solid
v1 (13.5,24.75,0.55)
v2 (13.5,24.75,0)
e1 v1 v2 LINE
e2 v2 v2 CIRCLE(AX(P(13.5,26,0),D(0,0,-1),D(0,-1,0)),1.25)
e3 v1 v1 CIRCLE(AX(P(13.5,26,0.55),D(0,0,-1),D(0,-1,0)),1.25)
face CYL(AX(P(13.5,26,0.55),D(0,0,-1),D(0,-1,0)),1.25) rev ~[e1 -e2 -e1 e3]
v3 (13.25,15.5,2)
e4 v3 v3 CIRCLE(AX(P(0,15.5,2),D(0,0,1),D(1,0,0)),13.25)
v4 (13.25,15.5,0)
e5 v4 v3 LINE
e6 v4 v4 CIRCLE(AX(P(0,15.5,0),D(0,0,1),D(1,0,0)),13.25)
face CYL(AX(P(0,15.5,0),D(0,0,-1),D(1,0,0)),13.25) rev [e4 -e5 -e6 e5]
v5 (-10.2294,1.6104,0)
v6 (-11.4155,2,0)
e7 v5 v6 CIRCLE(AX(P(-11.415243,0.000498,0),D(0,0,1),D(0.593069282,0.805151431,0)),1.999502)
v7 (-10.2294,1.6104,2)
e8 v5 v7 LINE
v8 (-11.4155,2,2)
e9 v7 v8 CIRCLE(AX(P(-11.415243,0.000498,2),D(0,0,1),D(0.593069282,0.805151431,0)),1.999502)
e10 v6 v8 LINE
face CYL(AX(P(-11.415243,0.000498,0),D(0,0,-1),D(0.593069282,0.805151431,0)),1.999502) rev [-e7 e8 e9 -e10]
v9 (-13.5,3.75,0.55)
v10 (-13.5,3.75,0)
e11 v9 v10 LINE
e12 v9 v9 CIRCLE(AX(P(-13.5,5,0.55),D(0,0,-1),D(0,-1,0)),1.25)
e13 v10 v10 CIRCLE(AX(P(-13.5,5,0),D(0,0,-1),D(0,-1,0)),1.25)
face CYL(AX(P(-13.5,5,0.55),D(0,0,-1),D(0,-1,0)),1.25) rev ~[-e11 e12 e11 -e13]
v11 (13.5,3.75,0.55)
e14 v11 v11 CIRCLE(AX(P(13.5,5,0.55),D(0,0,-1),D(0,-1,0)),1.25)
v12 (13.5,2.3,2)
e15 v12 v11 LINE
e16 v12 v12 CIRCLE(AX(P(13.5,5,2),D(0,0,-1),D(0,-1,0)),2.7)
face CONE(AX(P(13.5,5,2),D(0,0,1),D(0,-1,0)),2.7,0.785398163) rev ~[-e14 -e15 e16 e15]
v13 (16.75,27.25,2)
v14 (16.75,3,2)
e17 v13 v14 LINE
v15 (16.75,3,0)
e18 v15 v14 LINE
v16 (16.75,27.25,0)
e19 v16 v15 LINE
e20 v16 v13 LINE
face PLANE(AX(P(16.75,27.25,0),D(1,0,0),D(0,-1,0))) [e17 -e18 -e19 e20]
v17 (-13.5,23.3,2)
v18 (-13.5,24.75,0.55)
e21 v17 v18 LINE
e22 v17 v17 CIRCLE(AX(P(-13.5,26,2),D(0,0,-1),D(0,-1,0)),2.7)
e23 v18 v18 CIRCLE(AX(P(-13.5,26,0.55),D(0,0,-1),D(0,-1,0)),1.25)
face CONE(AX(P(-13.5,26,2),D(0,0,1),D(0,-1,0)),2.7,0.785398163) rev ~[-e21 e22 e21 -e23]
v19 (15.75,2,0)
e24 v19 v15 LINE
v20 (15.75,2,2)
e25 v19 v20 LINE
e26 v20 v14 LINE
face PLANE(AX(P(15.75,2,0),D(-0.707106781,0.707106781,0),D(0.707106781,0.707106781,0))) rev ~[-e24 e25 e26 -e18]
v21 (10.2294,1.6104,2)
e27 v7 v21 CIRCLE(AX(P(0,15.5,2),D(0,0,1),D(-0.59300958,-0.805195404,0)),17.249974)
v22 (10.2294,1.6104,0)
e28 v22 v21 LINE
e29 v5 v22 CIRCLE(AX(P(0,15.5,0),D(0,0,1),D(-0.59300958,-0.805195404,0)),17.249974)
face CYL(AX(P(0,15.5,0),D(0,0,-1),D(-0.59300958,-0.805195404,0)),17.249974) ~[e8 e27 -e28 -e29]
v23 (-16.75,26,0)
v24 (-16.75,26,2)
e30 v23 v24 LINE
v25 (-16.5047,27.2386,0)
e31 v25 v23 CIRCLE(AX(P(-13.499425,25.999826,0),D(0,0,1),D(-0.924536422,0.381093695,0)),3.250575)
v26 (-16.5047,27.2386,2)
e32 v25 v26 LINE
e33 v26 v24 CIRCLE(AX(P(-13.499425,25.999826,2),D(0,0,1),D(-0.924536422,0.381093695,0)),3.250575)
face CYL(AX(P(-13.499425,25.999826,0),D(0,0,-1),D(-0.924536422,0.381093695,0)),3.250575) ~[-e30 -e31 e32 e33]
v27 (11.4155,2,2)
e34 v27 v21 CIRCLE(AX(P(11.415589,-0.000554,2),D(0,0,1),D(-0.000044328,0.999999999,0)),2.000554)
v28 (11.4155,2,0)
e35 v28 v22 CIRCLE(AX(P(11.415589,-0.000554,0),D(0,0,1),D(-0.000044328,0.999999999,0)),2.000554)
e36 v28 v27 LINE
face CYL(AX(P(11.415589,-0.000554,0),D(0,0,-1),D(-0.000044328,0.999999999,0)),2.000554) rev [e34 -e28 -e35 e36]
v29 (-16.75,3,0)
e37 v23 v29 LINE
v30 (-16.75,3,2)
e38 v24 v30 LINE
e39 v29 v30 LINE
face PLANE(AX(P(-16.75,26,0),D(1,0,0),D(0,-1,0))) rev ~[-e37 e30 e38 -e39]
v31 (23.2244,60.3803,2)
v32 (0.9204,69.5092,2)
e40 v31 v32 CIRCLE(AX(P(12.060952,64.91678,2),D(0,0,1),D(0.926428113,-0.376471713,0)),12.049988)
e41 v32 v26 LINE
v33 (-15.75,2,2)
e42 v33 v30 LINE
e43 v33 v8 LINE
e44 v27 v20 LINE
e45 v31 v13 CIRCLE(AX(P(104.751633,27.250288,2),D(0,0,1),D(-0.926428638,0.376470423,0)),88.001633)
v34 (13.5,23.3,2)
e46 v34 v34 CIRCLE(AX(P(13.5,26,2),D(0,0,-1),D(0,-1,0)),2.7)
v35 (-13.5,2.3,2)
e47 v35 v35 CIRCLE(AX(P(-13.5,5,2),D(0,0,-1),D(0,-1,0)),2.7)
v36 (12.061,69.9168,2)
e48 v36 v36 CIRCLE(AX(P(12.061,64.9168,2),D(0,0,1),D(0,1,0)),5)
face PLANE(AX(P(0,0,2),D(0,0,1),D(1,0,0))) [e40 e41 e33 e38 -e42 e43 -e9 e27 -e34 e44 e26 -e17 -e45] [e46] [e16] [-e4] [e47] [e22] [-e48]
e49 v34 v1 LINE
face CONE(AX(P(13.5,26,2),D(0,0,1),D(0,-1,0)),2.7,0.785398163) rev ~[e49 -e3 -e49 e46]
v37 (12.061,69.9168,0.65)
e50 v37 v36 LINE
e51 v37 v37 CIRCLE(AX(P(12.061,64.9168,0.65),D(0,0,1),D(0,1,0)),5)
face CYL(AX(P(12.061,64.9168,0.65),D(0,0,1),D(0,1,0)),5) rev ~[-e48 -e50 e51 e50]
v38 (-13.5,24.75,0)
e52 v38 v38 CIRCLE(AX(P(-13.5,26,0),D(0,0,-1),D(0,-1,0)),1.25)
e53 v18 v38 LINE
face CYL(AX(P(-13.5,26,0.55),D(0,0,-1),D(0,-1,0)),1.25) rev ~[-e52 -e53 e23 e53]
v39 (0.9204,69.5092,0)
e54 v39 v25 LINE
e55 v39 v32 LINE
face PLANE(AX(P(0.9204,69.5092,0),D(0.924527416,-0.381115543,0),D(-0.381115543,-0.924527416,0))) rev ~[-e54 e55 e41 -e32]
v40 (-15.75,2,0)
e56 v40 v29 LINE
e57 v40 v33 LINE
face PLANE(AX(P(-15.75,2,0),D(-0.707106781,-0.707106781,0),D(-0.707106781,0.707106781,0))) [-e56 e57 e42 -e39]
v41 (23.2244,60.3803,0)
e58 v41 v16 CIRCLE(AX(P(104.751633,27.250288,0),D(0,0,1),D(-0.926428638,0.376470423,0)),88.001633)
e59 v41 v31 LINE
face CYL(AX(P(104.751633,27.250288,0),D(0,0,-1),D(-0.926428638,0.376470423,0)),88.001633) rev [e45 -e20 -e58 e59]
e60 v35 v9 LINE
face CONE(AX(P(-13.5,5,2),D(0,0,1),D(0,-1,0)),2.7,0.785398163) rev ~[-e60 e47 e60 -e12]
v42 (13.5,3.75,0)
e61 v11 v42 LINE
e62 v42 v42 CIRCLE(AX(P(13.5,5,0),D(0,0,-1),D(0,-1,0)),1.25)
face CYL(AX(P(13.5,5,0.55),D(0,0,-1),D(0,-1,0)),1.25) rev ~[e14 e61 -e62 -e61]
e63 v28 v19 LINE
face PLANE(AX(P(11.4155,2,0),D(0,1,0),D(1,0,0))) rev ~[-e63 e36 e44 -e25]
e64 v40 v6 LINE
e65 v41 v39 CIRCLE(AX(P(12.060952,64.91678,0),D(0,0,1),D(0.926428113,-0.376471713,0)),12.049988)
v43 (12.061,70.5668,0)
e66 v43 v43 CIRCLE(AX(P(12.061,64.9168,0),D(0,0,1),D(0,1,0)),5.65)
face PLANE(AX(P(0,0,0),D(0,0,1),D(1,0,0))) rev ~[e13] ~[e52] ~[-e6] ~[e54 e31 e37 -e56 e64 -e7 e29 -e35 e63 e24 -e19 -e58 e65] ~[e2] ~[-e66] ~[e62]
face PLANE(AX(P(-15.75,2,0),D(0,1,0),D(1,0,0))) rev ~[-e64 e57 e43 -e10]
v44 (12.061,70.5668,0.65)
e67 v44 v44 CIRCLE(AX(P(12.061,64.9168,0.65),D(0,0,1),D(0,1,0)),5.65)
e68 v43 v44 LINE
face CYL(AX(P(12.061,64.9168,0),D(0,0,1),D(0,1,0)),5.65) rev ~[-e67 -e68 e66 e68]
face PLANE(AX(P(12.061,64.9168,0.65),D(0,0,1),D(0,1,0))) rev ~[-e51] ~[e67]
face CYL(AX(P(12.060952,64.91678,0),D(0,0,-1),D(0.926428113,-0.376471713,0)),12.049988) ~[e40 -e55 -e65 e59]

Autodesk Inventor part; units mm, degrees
ref_plane "YZ Plane" through (0, 0, 0) normal (1, 0, 0) x (0, 1, 0)
ref_plane "XZ Plane" through (0, 0, 0) normal (0, 1, 0) x (-1, 0, 0)
ref_plane "XY Plane" through (0, 0, 0) normal (0, 0, 1) x (1, 0, 0)
sketch "スケッチ1" plane through (0, 0, 0) normal (0, 0, 1) x (1, 0, 0)
  circle A0 centre (0, 15.5) radius 1.5 construction
  circle A1 centre (-13.5, 26) radius 1.25 construction
  circle A2 centre (13.5, 26) radius 1.25 construction
  circle A3 centre (-13.5, 5) radius 1.25 construction
  circle A4 centre (13.5, 5) radius 1.25 construction
  arc A5 (23.2244, 60.3803) -> (0.9204, 69.5092) centre (12.061, 64.9168) ccw
  line L0 (0.9204, 69.5092) -> (-16.5047, 27.2386)
  arc A6 (23.2244, 60.3803) -> (16.75, 27.25) centre (104.7526, 27.25) ccw
  arc A7 (-16.5047, 27.2386) -> (-16.75, 26) centre (-13.5, 26) ccw
  circle A8 centre (0, 15.5) radius 13.25
  line L1 (-16.75, 26) -> (-16.75, 3)
  line L2 (-15.75, 2) -> (-11.4155, 2)
  line L3 (11.4155, 2) -> (15.75, 2)
  arc A9 (-10.2294, 1.6104) -> (10.2294, 1.6104) centre (0, 15.5) ccw
  line L4 (16.75, 27.25) -> (16.75, 3)
  line L5 (15.75, 2) -> (16.75, 3)
  line L6 (-15.75, 2) -> (-16.75, 3)
  arc A10 (-10.2294, 1.6104) -> (-11.4155, 2) centre (-11.4155, 0) ccw
  arc A11 (11.4155, 2) -> (10.2294, 1.6104) centre (11.4155, 0) ccw
  circle A12 centre (12.061, 64.9168) radius 5 construction
  line L7 (0, 15.5) -> (0, 44.2694) construction
  point P0 (0, 0)
  point P1 (-10.7384, 2)
  point P2 (10.7384, 2)
  point P3 (16.75, 2)
  point P4 (-16.75, 2)
  dimension "d0" = 26.5
  dimension "d1" = 4
  dimension "d2" = 3
  dimension "d3" = 1
  dimension "d4" = 1
  dimension "d5" = 1
  dimension "d6" = 1
  dimension "d7" = 2
  dimension "d27" = 12.05
extrude "押し出し1" add sketch "スケッチ1" along normal blind 2
hole "穴1" at (12.061, 64.9168, 0) direction (0, 0, 1) diameter 10 end through all counterbore diameter 11.3 counterbore depth 0.65
sketch "スケッチ2" plane through (0, 0, 2) normal (0, 0, 1) x (1, 0, 0)
  circle A0 centre (13.5, 5) radius 1.25 construction
  circle A1 centre (-13.5, 5) radius 1.25 construction
  circle A2 centre (-13.5, 26) radius 1.25 construction
  circle A3 centre (13.5, 26) radius 1.25 construction
  point P0 (0, 0)
hole "穴2" at (-13.5, 5, 2) at (-13.5, 26, 2) at (13.5, 26, 2) at (13.5, 5, 2) direction (0, 0, -1) diameter 2.5 end through all countersink diameter 5.4 countersink angle 90
equation "\"d4\" = d3"
equation "\"d5\" = d3"
equation "\"d6\" = d5"
properties part number "UPPER_LEG_MIDDLE_FRAME_3"
